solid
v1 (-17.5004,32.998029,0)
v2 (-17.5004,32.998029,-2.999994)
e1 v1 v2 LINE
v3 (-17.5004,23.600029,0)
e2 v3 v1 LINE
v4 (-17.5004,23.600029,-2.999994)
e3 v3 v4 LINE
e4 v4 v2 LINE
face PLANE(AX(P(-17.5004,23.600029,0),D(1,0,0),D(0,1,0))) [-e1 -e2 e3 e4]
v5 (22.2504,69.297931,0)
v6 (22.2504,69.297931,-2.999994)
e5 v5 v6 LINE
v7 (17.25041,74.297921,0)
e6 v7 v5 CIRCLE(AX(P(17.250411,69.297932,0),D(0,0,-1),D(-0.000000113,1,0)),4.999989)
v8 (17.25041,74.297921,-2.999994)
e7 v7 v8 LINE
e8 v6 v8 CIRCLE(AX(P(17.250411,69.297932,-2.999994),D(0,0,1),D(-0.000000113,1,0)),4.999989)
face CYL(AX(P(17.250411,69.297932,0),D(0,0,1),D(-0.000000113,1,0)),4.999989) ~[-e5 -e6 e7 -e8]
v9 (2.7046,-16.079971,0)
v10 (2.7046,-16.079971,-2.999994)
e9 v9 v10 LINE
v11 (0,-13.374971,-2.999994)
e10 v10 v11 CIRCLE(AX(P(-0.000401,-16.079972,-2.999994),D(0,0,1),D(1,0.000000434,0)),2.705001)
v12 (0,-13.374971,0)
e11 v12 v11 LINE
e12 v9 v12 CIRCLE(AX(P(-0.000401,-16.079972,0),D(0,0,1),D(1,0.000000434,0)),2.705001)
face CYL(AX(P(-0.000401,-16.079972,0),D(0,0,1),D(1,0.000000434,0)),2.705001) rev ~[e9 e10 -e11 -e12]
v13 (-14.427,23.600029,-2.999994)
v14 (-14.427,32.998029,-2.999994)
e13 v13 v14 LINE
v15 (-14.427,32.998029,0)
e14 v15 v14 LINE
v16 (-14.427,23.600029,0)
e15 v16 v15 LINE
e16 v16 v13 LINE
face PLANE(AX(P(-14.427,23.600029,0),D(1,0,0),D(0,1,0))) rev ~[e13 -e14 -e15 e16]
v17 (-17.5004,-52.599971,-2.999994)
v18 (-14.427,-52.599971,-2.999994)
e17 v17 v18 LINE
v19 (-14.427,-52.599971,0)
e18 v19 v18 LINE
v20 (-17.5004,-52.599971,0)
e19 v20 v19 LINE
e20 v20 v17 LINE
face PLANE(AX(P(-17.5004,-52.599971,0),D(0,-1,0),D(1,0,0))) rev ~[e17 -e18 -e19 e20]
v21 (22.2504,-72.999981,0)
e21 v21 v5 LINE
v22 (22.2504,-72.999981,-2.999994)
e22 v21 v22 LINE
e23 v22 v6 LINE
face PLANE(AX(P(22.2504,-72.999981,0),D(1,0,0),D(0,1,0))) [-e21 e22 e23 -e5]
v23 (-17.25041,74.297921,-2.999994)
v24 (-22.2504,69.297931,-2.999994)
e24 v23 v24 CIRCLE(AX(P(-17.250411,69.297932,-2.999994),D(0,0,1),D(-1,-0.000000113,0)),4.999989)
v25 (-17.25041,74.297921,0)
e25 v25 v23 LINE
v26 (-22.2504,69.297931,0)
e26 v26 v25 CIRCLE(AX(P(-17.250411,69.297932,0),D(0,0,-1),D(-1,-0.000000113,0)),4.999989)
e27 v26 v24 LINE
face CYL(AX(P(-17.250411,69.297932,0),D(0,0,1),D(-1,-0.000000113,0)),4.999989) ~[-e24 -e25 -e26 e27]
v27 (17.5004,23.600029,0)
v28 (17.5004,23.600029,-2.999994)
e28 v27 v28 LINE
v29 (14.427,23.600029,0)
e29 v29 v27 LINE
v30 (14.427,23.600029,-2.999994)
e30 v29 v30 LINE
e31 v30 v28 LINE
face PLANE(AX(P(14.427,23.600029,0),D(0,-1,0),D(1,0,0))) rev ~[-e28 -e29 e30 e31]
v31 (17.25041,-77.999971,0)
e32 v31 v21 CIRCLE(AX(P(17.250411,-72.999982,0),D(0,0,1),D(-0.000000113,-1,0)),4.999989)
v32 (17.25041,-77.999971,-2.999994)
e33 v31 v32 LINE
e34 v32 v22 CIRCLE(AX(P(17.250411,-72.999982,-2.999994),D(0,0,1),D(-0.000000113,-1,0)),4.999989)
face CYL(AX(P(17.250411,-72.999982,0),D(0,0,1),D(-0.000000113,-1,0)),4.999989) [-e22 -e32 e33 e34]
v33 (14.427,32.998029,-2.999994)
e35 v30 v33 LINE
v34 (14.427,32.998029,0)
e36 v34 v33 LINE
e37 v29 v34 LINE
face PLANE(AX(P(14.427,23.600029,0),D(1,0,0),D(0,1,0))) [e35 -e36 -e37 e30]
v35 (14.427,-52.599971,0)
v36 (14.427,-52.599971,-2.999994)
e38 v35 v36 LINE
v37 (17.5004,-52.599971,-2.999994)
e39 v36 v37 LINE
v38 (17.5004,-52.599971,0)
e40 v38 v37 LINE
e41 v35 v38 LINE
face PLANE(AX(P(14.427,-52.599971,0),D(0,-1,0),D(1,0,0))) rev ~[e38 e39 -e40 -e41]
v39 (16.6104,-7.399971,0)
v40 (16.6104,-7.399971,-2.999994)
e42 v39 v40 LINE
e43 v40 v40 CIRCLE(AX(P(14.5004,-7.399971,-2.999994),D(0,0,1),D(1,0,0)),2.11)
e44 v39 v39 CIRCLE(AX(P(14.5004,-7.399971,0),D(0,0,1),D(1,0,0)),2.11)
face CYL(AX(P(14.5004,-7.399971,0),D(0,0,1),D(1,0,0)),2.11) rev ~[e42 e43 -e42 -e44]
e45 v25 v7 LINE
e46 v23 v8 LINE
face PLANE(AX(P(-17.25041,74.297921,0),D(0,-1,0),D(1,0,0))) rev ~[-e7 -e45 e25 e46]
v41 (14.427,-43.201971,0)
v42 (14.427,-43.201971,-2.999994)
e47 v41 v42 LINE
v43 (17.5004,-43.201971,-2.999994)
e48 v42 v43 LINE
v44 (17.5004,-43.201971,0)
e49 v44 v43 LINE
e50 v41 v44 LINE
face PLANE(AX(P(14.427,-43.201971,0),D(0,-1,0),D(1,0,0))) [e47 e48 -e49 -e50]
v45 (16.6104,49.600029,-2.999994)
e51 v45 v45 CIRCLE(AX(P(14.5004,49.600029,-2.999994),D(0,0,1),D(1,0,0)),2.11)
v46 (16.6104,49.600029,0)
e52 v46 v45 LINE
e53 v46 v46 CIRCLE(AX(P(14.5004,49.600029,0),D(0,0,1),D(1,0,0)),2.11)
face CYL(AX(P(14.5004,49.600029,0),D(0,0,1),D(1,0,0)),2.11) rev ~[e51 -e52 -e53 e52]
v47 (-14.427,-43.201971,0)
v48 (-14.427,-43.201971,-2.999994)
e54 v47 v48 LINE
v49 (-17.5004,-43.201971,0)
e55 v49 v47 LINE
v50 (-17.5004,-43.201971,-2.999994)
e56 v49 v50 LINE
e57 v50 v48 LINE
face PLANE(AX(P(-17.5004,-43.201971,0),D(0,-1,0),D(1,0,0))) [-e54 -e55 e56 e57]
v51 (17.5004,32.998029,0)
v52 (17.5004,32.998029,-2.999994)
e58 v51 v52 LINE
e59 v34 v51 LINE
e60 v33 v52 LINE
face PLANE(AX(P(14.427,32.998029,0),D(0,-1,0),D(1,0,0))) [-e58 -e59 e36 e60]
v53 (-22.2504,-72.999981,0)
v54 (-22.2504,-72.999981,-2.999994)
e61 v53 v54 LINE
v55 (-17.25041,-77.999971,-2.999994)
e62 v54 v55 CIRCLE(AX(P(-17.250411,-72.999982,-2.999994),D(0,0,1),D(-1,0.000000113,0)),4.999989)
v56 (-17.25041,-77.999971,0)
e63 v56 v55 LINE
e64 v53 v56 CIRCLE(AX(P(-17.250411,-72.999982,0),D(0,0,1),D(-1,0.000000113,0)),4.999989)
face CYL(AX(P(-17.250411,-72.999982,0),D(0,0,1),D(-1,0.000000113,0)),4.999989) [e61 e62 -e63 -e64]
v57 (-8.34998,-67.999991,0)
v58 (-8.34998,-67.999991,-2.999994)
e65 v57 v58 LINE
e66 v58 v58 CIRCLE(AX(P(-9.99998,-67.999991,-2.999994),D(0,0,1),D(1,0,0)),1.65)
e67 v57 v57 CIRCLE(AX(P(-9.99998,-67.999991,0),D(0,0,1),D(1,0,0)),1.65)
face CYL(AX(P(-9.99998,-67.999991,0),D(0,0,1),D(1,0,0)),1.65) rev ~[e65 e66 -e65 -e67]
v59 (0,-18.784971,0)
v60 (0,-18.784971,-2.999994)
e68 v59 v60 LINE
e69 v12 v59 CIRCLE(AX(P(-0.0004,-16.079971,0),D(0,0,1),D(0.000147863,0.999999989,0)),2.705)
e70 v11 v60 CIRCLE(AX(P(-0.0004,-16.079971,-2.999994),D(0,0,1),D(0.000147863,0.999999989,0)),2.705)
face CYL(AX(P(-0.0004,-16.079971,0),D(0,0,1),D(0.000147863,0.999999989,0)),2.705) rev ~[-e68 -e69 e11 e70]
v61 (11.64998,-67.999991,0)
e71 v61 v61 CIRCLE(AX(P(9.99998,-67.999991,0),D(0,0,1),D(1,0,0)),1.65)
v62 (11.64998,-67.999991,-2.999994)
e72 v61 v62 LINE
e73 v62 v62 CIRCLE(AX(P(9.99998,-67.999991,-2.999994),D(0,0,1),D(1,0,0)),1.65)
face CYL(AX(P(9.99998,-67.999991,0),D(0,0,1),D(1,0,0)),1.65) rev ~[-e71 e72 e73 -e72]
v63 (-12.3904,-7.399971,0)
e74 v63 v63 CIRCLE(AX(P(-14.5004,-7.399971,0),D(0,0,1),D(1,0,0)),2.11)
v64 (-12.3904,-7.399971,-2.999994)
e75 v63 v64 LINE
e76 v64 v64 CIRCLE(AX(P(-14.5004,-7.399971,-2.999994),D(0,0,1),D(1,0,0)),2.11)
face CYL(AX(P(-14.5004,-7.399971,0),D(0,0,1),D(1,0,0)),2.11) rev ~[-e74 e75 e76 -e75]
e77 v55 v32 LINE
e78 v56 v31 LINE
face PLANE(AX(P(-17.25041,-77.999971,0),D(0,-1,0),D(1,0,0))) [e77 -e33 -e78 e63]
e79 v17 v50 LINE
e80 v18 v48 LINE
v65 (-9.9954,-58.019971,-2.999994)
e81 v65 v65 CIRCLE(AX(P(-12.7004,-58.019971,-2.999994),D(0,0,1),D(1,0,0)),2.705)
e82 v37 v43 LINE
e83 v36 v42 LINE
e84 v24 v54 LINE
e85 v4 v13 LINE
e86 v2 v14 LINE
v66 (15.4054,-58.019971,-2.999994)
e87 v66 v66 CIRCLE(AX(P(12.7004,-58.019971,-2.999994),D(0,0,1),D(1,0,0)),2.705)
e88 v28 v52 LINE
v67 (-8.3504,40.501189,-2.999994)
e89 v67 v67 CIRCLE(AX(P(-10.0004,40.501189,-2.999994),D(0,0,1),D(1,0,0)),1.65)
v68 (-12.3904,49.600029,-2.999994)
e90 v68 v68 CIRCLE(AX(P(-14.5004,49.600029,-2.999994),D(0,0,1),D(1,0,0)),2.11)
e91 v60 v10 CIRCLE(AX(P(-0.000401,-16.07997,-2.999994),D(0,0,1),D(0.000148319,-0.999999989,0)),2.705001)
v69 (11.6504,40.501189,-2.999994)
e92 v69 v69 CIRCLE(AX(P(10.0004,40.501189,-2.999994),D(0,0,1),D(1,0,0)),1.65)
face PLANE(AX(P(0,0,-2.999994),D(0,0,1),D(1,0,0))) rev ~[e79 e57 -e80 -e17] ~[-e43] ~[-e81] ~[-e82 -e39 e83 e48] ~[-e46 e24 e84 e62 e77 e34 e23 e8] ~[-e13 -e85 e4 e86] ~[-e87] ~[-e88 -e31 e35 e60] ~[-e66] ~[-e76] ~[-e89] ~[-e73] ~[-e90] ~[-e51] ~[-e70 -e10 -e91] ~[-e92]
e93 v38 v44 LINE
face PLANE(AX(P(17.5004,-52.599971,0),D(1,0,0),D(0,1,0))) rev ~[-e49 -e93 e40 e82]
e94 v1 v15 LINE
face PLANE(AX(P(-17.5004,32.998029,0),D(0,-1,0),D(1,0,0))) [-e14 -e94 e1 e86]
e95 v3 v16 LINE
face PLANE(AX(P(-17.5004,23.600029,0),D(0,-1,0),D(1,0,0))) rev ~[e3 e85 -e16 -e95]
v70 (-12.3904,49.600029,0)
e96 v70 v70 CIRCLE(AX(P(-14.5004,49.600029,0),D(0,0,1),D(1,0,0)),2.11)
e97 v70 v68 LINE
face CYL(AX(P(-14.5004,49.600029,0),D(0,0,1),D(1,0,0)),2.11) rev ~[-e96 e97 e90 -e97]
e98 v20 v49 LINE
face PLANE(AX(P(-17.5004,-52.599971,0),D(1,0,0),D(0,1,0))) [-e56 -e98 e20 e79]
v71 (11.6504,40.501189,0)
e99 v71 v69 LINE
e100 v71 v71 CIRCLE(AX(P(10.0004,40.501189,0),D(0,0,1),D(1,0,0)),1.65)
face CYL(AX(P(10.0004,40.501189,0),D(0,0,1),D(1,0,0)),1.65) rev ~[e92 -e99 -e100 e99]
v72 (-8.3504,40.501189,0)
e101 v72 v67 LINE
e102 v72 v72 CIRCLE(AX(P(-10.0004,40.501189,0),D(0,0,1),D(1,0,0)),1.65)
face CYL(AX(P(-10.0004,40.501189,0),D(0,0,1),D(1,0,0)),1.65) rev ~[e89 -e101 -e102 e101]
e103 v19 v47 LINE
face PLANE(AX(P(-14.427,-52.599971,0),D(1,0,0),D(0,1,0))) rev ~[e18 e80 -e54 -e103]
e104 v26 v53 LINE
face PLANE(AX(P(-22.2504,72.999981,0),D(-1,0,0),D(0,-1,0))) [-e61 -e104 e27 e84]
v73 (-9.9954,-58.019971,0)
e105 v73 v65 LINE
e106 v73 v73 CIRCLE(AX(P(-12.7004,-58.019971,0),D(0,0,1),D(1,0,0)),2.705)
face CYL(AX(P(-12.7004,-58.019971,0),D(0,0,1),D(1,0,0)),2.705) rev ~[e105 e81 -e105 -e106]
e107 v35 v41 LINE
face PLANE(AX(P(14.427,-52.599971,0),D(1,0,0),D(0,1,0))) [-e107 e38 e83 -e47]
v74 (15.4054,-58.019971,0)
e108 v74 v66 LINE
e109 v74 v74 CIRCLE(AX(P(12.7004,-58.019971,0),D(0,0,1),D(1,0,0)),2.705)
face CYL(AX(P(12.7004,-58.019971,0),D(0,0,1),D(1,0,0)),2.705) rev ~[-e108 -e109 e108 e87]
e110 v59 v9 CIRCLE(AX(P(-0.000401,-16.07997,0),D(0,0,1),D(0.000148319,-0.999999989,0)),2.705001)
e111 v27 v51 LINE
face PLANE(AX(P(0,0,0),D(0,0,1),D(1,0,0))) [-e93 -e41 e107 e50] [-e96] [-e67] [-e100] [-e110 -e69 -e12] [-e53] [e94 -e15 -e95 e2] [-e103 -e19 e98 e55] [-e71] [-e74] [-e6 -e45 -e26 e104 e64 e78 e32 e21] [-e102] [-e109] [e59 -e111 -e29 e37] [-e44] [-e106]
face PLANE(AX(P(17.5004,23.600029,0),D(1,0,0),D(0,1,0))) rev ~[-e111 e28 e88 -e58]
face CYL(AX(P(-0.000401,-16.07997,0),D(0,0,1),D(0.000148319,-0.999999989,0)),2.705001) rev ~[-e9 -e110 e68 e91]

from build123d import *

# Parameters (mm, degrees)
F1_DEPTH = 2.999994
F2_R     = 1.65
F2_R_2   = 2.705
F2_R_3   = 2.11
F2_W     = 3.0734
F2_H     = 9.398
F3_DEPTH = 3.000994
F5_DEPTH = 3.000994


with BuildPart() as f1:
    # F0 (on Top) → F1 (new body)
    with BuildSketch(Plane.XY):
        with BuildLine():
            Line((-17.25041, -77.999971), (17.25041, -77.999971))
            ThreePointArc((17.25041, -77.999971), (20.785937, -76.535508), (22.2504, -72.999981))
            Line((22.2504, -72.999981), (22.2504, 72.999981))
            ThreePointArc((22.2504, 72.999981), (20.785937, 76.535508), (17.25041, 77.999971))
            Line((17.25041, 77.999971), (-17.25041, 77.999971))
            ThreePointArc((-17.25041, 77.999971), (-20.785937, 76.535508), (-22.2504, 72.999981))
            Line((-22.2504, 72.999981), (-22.2504, -72.999981))
            ThreePointArc((-22.2504, -72.999981), (-20.785937, -76.535508), (-17.25041, -77.999971))
        make_face()
    extrude(amount=-F1_DEPTH)

    # F2 (on face) → F3 (cut, through all)
    with BuildSketch(Plane.XY):
        with Locations((-9.99998, -67.999991)):
            Circle(F2_R)
        with Locations((-12.7004, -58.019971)):
            Circle(F2_R_2)
        with Locations((-14.5004, -7.399971)):
            Circle(F2_R_3)
        with Locations((-10.0004, 40.501189)):
            Circle(F2_R)
        with Locations((-14.5004, 49.600029)):
            Circle(F2_R_3)
        with BuildLine():
            ThreePointArc((0, -13.374971), (-2.7054, -16.079971), (0, -18.784971))
            Line((0, -18.784971), (0, -13.374971))
        make_face()
        with BuildLine():
            Line((0, -13.374971), (0, -18.784971))
            ThreePointArc((0, -18.784971), (1.912465, -17.992553), (2.7046, -16.079971))
            ThreePointArc((2.7046, -16.079971), (1.912465, -14.167389), (0, -13.374971))
        make_face()
        with Locations((9.99998, -67.999991)):
            Circle(F2_R)
        with Locations((12.7004, -58.019971)):
            Circle(F2_R_2)
        with Locations((14.5004, -7.399971)):
            Circle(F2_R_3)
        with Locations((10.0004, 40.501189)):
            Circle(F2_R)
        with Locations((14.5004, 49.600029)):
            Circle(F2_R_3)
        with Locations((-15.9637, -47.900971)):
            Rectangle(F2_W, F2_H)
        with Locations((-15.9637, 28.299029)):
            Rectangle(F2_W, F2_H)
        with Locations((15.9637, 28.299029)):
            Rectangle(F2_W, F2_H)
        with Locations((15.9637, -47.900971)):
            Rectangle(F2_W, F2_H)
    extrude(amount=-F3_DEPTH, mode=Mode.SUBTRACT)

    # F4 (on face) → F5 (cut, through all)
    with BuildSketch(Plane.XY):
        with BuildLine():
            ThreePointArc((-22.2504, 69.297931), (-20.785937, 72.833458), (-17.25041, 74.297921))
            Line((-17.25041, 74.297921), (17.25041, 74.297921))
            ThreePointArc((17.25041, 74.297921), (20.785937, 72.833458), (22.2504, 69.297931))
            Line((22.2504, 69.297931), (22.2504, 72.999981))
            ThreePointArc((22.2504, 72.999981), (20.785937, 76.535508), (17.25041, 77.999971))
            Line((17.25041, 77.999971), (-17.25041, 77.999971))
            ThreePointArc((-17.25041, 77.999971), (-20.785937, 76.535508), (-22.2504, 72.999981))
            Line((-22.2504, 72.999981), (-22.2504, 69.297931))
        make_face()
    extrude(amount=-F5_DEPTH, mode=Mode.SUBTRACT)


solid = f1.part
